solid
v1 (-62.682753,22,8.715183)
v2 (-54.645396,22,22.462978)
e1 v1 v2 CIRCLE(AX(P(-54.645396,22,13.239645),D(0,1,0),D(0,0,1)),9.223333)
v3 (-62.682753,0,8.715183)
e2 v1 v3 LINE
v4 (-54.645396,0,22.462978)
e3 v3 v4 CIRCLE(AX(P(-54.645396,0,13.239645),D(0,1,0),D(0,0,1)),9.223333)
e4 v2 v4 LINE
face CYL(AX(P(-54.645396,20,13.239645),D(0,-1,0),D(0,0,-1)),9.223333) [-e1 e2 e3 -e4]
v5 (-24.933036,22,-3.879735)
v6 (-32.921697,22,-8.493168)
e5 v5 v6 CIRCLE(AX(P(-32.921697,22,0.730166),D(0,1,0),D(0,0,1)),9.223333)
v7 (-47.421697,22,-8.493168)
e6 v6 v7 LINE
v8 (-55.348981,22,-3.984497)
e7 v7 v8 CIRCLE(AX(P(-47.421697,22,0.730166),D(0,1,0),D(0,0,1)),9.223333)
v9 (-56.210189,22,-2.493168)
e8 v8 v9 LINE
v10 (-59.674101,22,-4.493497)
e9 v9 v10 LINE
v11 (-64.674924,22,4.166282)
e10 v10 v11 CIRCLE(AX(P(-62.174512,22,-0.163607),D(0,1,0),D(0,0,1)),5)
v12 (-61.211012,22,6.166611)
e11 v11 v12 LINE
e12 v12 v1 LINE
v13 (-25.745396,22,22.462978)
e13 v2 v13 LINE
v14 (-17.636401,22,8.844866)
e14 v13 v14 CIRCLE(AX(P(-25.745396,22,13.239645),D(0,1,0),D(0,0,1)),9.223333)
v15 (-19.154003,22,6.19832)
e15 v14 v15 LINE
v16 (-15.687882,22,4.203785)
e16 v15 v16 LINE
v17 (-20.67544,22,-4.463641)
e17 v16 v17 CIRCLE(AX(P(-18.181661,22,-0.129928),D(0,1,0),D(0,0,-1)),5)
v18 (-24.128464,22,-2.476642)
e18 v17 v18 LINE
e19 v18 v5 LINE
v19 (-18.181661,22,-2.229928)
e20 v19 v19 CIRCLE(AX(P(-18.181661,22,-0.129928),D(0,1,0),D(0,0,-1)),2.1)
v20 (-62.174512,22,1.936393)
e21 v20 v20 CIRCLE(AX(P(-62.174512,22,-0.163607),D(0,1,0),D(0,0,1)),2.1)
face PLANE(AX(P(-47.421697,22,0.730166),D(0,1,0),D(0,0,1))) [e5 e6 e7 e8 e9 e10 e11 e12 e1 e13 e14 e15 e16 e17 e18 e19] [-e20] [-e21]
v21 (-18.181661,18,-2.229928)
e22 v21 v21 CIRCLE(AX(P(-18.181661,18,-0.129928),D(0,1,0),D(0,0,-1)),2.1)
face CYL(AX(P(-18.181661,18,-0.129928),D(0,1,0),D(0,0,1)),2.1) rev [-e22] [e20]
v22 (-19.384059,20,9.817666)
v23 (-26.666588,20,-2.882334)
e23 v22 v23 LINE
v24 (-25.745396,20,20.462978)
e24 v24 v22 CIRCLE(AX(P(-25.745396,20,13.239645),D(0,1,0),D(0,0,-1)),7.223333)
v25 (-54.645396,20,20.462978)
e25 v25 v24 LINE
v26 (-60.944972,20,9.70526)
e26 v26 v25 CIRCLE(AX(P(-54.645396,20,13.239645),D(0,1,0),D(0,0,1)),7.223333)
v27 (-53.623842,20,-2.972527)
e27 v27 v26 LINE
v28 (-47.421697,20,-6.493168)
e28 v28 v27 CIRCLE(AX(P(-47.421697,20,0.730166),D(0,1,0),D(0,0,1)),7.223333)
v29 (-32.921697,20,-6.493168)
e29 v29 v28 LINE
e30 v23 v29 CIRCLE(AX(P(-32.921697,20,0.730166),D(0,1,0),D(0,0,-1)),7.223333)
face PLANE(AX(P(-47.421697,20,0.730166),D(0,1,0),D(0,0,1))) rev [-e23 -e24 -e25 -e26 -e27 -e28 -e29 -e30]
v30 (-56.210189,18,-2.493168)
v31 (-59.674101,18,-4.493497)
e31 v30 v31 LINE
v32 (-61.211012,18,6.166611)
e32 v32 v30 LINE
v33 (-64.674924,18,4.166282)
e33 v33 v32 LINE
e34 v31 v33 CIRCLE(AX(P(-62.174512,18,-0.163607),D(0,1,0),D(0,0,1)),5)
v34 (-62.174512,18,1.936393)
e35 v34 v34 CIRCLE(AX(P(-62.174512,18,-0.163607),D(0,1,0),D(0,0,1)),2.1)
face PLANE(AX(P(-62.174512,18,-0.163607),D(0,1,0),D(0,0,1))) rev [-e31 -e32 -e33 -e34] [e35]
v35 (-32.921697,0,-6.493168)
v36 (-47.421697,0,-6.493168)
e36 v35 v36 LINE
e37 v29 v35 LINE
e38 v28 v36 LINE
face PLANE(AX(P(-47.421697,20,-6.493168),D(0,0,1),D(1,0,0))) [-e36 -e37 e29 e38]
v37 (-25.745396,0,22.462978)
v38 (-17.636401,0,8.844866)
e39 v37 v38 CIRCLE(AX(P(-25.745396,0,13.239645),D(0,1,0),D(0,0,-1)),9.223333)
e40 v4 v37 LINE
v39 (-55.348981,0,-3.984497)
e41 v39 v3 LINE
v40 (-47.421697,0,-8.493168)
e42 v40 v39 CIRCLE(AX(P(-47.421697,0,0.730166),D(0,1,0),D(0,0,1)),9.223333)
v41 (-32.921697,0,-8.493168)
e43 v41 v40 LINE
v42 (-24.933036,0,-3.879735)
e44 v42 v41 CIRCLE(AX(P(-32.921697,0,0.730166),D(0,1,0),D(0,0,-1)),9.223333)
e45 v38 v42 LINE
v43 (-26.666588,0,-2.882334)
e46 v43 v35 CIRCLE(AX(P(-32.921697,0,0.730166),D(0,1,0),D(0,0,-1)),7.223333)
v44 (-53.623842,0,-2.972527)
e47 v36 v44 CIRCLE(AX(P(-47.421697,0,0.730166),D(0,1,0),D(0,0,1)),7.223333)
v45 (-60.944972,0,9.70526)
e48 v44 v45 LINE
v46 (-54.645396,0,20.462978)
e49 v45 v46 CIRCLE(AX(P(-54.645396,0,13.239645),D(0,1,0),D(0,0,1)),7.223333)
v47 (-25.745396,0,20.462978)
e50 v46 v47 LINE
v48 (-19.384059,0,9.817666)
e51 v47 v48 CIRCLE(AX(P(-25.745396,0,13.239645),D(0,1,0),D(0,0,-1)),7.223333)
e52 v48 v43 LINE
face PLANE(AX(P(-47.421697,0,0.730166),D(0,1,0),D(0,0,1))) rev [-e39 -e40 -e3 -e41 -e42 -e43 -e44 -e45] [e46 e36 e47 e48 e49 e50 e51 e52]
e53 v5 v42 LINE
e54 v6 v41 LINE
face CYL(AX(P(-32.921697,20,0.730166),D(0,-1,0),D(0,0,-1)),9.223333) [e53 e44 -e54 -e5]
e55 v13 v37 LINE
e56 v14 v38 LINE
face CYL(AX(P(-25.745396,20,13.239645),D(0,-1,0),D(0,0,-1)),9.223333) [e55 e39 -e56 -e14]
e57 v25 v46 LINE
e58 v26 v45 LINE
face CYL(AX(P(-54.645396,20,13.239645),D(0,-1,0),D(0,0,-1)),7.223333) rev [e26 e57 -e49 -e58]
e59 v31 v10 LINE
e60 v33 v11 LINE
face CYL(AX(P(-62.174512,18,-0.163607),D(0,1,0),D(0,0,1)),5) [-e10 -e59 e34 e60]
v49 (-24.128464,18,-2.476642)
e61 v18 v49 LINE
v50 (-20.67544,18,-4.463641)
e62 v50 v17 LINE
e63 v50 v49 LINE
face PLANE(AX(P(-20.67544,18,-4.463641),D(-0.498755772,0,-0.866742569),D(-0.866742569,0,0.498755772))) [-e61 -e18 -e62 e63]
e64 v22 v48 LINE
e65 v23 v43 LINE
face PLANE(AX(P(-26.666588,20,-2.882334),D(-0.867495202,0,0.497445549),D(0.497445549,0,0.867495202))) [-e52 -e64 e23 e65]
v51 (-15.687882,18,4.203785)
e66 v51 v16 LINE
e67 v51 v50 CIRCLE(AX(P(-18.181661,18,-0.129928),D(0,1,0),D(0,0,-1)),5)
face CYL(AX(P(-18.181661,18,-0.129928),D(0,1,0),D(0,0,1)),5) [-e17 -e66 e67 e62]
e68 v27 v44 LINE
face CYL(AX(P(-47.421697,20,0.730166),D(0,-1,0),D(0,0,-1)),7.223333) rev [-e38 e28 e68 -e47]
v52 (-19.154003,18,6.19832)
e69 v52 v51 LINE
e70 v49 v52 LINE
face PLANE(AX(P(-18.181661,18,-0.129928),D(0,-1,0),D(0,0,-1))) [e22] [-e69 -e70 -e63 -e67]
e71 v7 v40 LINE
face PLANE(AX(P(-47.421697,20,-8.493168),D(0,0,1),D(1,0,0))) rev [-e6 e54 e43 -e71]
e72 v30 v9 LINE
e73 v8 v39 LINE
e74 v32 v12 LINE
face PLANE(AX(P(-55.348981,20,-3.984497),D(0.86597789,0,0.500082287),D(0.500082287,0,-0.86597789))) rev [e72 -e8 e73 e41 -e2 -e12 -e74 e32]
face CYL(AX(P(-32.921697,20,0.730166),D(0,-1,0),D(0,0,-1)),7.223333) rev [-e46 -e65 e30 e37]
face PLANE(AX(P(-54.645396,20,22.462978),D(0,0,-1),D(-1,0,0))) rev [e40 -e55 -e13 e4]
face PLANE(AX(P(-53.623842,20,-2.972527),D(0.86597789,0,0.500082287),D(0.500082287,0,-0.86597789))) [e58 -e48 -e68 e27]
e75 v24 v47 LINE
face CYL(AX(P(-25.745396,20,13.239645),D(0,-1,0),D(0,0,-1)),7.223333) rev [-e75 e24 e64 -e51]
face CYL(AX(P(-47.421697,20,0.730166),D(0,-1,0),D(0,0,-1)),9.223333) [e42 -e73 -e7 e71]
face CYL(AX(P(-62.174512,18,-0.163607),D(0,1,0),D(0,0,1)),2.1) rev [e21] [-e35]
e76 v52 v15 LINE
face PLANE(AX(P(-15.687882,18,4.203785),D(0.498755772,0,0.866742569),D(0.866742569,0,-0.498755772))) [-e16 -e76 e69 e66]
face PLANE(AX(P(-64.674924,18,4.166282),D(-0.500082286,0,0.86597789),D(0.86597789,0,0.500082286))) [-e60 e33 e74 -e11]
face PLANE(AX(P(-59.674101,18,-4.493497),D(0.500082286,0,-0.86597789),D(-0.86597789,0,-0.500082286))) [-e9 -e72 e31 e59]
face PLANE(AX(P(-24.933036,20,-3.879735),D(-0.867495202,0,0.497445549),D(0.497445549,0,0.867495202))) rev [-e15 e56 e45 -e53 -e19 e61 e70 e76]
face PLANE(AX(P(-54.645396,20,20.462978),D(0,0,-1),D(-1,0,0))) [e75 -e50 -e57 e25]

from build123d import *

# Parameters (mm, degrees)
BOSS_EXTRUDE1_DEPTH = 20
BOSS_EXTRUDE4_DEPTH = 2
SKETCH9_R           = 2.1
BOSS_EXTRUDE5_DEPTH = 4


with BuildPart() as part:
    # Sketch1 → Boss-Extrude1 (new body)
    with BuildSketch(Plane(origin=(0, 0, 0), x_dir=(1, 0, 0), z_dir=(0, 1, 0))):
        with BuildLine():
            Line((-47.421696664, 8.493167766), (-32.921696664, 8.493167766))
            ThreePointArc((-32.921696664, 8.493167766), (-28.309146849, 7.256965456), (-24.933036081, 3.879734634))
            Line((-24.933036081, 3.879734634), (-17.636401145, -8.844865692))
            ThreePointArc((-17.636401145, -8.844865692), (-17.820612025, -17.958509448), (-25.745395692, -22.46297834))
            Line((-25.745395692, -22.46297834), (-54.645395692, -22.46297834))
            ThreePointArc((-54.645395692, -22.46297834), (-62.607823184, -17.894709582), (-62.682753297, -8.715182552))
            Line((-62.682753297, -8.715182552), (-55.348980831, 3.984497041))
            ThreePointArc((-55.348980831, 3.984497041), (-51.981574567, 7.287152643), (-47.421696664, 8.493167766))
        make_face()
        with BuildLine():
            Line((-47.421696664, 6.493167766), (-32.921696664, 6.493167766))
            ThreePointArc((-32.921696664, 6.493167766), (-29.310446688, 5.525665157), (-26.666587696, 2.882334433))
            Line((-26.666587696, 2.882334433), (-19.384059263, -9.817665567))
            ThreePointArc((-19.384059263, -9.817665567), (-19.544805292, -16.944941641), (-25.745395692, -20.46297834))
            Line((-25.745395692, -20.46297834), (-54.645395692, -20.46297834))
            ThreePointArc((-54.645395692, -20.46297834), (-60.878636724, -16.889747838), (-60.944972269, -9.705259715))
            Line((-60.944972269, -9.705259715), (-53.623842396, 2.97252707))
            ThreePointArc((-53.623842396, 2.97252707), (-50.987559904, 5.551646576), (-47.421696664, 6.493167766))
        make_face(mode=Mode.SUBTRACT)
    extrude(amount=BOSS_EXTRUDE1_DEPTH)

    # Sketch8 → Boss-Extrude4 (add)
    with BuildSketch(Plane(origin=(0, 20, 0), x_dir=(1, 0, 0), z_dir=(0, 1, 0))):
        with BuildLine():
            Line((-55.348980831, 3.984497041), (-62.682753297, -8.715182552))
            ThreePointArc((-62.682753297, -8.715182552), (-62.607823184, -17.894709582), (-54.645395692, -22.462978339))
            Line((-54.645395692, -22.462978339), (-25.745395692, -22.46297834))
            ThreePointArc((-25.745395692, -22.46297834), (-17.820612025, -17.958509448), (-17.636401145, -8.844865692))
            Line((-17.636401145, -8.844865692), (-24.933036081, 3.879734634))
            ThreePointArc((-24.933036081, 3.879734634), (-28.309146849, 7.256965456), (-32.921696664, 8.493167766))
            Line((-32.921696664, 8.493167766), (-47.421696664, 8.493167766))
            ThreePointArc((-47.421696664, 8.493167766), (-51.981574567, 7.287152643), (-55.348980831, 3.984497041))
        make_face()
    extrude(amount=BOSS_EXTRUDE4_DEPTH)

    # Sketch9 → Boss-Extrude5 (add)
    # profile 1 of 2: a face of its own
    with BuildSketch(Plane(origin=(0, 22, 0), x_dir=(1, 0, 0), z_dir=(0, 1, 0))):
        with BuildLine():
            Line((-59.674100701, 4.493496912), (-56.210189139, 2.493167766))
            Line((-56.210189139, 2.493167766), (-61.211012004, -6.166611138))
            Line((-61.211012004, -6.166611138), (-64.674923565, -4.166281993))
            ThreePointArc((-64.674923565, -4.166281993), (-66.504401585, 2.664018892), (-59.674100701, 4.493496912))
        make_face()
        with Locations(Location((-62.174512133, 0.16360746, 0), (0, 0, 270))):
            Circle(SKETCH9_R, mode=Mode.SUBTRACT)
    # profile 2 of 2: a face of its own
    with BuildSketch(Plane(origin=(0, 22, 0), x_dir=(1, 0, 0), z_dir=(0, 1, 0))):
        with BuildLine():
            Line((-19.154852081, -6.198807979), (-24.142409797, 2.468617708))
            Line((-24.142409797, 2.468617708), (-20.675439522, 4.463640794))
            ThreePointArc((-20.675439522, 4.463640794), (-13.847947821, 2.623706808), (-15.687881807, -4.203784893))
            Line((-15.687881807, -4.203784893), (-19.154852081, -6.198807979))
        make_face()
        with Locations(Location((-18.181660664, 0.12992795, 0), (0, 0, 90))):
            Circle(SKETCH9_R, mode=Mode.SUBTRACT)
    extrude(amount=-BOSS_EXTRUDE5_DEPTH)


solid = part.part
